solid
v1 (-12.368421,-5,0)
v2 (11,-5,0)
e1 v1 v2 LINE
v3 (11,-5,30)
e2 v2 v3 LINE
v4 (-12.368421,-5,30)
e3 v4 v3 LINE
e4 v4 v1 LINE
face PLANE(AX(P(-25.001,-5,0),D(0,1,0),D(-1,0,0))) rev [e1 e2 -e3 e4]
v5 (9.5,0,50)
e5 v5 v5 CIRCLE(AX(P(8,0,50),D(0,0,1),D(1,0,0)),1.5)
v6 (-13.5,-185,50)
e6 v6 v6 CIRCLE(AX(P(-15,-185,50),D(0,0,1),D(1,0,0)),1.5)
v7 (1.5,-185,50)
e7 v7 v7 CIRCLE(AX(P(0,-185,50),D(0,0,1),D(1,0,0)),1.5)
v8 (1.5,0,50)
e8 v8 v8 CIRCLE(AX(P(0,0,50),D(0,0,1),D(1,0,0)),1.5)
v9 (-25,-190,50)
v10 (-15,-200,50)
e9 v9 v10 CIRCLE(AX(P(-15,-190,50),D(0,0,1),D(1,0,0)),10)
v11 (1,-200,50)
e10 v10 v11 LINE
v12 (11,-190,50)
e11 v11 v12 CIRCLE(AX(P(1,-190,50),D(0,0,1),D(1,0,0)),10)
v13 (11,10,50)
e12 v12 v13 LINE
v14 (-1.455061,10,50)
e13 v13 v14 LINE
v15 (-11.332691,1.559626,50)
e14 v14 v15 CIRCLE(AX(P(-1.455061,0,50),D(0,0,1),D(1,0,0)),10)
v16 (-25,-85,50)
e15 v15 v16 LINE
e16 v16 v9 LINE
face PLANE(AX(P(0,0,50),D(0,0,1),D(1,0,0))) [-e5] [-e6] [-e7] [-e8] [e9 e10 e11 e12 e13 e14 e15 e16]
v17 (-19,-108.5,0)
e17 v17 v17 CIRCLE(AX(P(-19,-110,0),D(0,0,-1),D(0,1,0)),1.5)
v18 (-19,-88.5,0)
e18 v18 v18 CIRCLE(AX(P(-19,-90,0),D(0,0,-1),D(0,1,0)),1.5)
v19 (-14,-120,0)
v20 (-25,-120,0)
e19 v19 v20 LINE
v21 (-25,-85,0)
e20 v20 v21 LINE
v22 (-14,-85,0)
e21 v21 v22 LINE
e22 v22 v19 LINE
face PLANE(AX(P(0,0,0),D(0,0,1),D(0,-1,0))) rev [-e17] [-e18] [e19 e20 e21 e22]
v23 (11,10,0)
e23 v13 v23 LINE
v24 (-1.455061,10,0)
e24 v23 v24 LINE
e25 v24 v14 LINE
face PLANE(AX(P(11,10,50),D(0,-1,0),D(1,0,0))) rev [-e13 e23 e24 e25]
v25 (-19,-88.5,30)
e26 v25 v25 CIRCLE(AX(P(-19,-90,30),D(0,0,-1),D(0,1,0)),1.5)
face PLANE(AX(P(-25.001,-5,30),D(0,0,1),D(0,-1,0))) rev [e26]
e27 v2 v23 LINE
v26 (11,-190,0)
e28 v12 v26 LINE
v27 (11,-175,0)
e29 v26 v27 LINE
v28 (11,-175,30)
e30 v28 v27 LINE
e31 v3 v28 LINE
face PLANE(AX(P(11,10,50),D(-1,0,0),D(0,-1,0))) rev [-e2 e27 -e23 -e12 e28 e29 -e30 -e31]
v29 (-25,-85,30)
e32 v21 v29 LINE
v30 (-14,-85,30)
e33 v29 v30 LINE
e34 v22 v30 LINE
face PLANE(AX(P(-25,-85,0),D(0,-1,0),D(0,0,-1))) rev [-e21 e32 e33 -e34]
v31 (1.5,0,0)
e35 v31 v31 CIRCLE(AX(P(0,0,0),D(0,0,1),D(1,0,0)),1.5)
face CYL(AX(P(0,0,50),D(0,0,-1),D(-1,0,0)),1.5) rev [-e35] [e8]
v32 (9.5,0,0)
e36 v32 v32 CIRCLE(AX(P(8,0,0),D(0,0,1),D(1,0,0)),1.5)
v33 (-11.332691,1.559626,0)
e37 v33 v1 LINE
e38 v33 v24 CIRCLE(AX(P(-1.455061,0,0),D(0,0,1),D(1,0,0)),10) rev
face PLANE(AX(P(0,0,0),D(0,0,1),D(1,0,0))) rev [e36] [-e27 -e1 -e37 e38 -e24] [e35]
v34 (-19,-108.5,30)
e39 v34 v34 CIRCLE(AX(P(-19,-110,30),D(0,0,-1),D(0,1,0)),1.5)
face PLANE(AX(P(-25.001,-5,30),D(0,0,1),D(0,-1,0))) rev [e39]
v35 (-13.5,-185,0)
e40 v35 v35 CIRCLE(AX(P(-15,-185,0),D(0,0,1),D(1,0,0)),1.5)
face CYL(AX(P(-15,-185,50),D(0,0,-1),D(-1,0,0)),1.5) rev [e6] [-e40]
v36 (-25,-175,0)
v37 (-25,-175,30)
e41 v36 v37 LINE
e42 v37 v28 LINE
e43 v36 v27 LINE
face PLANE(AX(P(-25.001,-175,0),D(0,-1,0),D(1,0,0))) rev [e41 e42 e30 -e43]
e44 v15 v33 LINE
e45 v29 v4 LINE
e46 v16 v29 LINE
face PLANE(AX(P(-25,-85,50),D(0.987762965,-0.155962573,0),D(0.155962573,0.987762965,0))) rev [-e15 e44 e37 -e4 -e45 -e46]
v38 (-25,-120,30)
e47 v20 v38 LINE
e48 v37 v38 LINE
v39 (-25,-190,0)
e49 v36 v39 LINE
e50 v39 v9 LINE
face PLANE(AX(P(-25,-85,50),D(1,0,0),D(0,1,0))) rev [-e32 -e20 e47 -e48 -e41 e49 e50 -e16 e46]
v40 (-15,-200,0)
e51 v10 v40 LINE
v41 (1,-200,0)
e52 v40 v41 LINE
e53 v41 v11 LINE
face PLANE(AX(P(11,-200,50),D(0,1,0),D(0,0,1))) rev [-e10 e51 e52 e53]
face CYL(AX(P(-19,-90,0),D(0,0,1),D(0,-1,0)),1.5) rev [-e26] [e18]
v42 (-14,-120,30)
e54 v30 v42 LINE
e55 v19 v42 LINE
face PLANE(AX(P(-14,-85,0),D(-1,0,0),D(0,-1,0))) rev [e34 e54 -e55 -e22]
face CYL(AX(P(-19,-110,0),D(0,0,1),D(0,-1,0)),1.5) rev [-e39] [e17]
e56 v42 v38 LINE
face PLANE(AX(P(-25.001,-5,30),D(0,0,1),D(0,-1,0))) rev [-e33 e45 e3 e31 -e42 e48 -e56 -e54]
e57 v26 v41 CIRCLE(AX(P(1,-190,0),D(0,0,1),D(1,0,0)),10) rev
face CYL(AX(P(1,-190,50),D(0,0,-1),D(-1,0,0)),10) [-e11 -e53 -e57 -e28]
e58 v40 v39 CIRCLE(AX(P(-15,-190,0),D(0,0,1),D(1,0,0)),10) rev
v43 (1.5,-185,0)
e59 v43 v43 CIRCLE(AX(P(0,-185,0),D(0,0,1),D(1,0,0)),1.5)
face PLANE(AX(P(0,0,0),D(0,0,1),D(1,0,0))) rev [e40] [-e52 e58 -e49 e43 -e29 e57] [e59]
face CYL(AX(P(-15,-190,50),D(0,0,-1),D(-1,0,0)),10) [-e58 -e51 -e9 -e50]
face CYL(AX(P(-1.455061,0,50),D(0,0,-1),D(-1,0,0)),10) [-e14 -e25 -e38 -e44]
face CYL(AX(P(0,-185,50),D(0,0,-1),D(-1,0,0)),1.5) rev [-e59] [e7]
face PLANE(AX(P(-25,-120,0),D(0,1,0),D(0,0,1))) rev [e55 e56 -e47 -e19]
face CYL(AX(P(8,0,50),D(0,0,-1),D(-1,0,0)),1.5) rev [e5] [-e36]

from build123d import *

# Parameters (mm, degrees)
CROQUIS1_R              = 1.5
SALIENTE_EXTRUIR1_DEPTH = 50
CORTAR_EXTRUIR1_REACH   = 211.275
CROQUIS2_W              = 30
CROQUIS2_H              = 170
REDONDEO1_R             = 10
REDONDEO2_R             = 10
CROQUIS3_W              = 11
CROQUIS3_H              = 35
CROQUIS3_R              = 1.5
SALIENTE_EXTRUIR2_DEPTH = 30


with BuildPart() as part:
    # Croquis1 → Saliente-Extruir1 (new body)
    with BuildSketch(Plane(origin=(0, 0, 0), x_dir=(0, 1, 0), z_dir=(0, 0, 1))):
        Polygon((-85, 25), (10, 10), (10, -11), (-200, -11), (-200, 25), align=None)
        with Locations(Location((0, 0, 0), (0, 0, 270))):
            Circle(CROQUIS1_R, mode=Mode.SUBTRACT)
        with Locations(Location((-185, 0, 0), (0, 0, 270))):
            Circle(CROQUIS1_R, mode=Mode.SUBTRACT)
        with Locations(Location((-185, 15, 0), (0, 0, 270))):
            Circle(CROQUIS1_R, mode=Mode.SUBTRACT)
        with Locations(Location((0, -8, 0), (0, 0, 270))):
            Circle(CROQUIS1_R, mode=Mode.SUBTRACT)
    extrude(amount=SALIENTE_EXTRUIR1_DEPTH)

    # Croquis2 → Cortar-Extruir1 (cut, up to next)
    with BuildSketch(Plane(origin=(11, 0, 0), x_dir=(0, 0, -1), z_dir=(1, 0, 0)), mode=Mode.PRIVATE) as cortar_extruir1_sk1:
        with Locations((-15, -90)):
            Rectangle(CROQUIS2_W, CROQUIS2_H)
    cortar_extruir1_tool1 = extrude(cortar_extruir1_sk1.sketch, amount=-CORTAR_EXTRUIR1_REACH, mode=Mode.PRIVATE) & part.part
    add(cortar_extruir1_tool1.solids().sort_by_distance((11, -90, 15))[0], mode=Mode.SUBTRACT)

    # Redondeo1
    redondeo1_edges = [part.edges().sort_by_distance(p)[0] for p in [
        (11, -200, 25),
        (-25, -200, 25),
    ]]
    fillet(redondeo1_edges, radius=REDONDEO1_R)

    # Redondeo2
    redondeo2_edges = [part.edges().sort_by_distance(p)[0] for p in [
        (-10, 10, 25),
    ]]
    fillet(redondeo2_edges, radius=REDONDEO2_R)

    # Croquis3 → Saliente-Extruir2 (add)
    with BuildSketch(Plane(origin=(0, 0, 30), x_dir=(-1, 0, 0), z_dir=(0, 0, -1))):
        with Locations((19.5, -102.5)):
            Rectangle(CROQUIS3_W, CROQUIS3_H)
        with Locations(Location((19, -90, 0), (0, 0, 90))):
            Circle(CROQUIS3_R, mode=Mode.SUBTRACT)
        with Locations(Location((19, -110, 0), (0, 0, 90))):
            Circle(CROQUIS3_R, mode=Mode.SUBTRACT)
    extrude(amount=SALIENTE_EXTRUIR2_DEPTH)


solid = part.part
